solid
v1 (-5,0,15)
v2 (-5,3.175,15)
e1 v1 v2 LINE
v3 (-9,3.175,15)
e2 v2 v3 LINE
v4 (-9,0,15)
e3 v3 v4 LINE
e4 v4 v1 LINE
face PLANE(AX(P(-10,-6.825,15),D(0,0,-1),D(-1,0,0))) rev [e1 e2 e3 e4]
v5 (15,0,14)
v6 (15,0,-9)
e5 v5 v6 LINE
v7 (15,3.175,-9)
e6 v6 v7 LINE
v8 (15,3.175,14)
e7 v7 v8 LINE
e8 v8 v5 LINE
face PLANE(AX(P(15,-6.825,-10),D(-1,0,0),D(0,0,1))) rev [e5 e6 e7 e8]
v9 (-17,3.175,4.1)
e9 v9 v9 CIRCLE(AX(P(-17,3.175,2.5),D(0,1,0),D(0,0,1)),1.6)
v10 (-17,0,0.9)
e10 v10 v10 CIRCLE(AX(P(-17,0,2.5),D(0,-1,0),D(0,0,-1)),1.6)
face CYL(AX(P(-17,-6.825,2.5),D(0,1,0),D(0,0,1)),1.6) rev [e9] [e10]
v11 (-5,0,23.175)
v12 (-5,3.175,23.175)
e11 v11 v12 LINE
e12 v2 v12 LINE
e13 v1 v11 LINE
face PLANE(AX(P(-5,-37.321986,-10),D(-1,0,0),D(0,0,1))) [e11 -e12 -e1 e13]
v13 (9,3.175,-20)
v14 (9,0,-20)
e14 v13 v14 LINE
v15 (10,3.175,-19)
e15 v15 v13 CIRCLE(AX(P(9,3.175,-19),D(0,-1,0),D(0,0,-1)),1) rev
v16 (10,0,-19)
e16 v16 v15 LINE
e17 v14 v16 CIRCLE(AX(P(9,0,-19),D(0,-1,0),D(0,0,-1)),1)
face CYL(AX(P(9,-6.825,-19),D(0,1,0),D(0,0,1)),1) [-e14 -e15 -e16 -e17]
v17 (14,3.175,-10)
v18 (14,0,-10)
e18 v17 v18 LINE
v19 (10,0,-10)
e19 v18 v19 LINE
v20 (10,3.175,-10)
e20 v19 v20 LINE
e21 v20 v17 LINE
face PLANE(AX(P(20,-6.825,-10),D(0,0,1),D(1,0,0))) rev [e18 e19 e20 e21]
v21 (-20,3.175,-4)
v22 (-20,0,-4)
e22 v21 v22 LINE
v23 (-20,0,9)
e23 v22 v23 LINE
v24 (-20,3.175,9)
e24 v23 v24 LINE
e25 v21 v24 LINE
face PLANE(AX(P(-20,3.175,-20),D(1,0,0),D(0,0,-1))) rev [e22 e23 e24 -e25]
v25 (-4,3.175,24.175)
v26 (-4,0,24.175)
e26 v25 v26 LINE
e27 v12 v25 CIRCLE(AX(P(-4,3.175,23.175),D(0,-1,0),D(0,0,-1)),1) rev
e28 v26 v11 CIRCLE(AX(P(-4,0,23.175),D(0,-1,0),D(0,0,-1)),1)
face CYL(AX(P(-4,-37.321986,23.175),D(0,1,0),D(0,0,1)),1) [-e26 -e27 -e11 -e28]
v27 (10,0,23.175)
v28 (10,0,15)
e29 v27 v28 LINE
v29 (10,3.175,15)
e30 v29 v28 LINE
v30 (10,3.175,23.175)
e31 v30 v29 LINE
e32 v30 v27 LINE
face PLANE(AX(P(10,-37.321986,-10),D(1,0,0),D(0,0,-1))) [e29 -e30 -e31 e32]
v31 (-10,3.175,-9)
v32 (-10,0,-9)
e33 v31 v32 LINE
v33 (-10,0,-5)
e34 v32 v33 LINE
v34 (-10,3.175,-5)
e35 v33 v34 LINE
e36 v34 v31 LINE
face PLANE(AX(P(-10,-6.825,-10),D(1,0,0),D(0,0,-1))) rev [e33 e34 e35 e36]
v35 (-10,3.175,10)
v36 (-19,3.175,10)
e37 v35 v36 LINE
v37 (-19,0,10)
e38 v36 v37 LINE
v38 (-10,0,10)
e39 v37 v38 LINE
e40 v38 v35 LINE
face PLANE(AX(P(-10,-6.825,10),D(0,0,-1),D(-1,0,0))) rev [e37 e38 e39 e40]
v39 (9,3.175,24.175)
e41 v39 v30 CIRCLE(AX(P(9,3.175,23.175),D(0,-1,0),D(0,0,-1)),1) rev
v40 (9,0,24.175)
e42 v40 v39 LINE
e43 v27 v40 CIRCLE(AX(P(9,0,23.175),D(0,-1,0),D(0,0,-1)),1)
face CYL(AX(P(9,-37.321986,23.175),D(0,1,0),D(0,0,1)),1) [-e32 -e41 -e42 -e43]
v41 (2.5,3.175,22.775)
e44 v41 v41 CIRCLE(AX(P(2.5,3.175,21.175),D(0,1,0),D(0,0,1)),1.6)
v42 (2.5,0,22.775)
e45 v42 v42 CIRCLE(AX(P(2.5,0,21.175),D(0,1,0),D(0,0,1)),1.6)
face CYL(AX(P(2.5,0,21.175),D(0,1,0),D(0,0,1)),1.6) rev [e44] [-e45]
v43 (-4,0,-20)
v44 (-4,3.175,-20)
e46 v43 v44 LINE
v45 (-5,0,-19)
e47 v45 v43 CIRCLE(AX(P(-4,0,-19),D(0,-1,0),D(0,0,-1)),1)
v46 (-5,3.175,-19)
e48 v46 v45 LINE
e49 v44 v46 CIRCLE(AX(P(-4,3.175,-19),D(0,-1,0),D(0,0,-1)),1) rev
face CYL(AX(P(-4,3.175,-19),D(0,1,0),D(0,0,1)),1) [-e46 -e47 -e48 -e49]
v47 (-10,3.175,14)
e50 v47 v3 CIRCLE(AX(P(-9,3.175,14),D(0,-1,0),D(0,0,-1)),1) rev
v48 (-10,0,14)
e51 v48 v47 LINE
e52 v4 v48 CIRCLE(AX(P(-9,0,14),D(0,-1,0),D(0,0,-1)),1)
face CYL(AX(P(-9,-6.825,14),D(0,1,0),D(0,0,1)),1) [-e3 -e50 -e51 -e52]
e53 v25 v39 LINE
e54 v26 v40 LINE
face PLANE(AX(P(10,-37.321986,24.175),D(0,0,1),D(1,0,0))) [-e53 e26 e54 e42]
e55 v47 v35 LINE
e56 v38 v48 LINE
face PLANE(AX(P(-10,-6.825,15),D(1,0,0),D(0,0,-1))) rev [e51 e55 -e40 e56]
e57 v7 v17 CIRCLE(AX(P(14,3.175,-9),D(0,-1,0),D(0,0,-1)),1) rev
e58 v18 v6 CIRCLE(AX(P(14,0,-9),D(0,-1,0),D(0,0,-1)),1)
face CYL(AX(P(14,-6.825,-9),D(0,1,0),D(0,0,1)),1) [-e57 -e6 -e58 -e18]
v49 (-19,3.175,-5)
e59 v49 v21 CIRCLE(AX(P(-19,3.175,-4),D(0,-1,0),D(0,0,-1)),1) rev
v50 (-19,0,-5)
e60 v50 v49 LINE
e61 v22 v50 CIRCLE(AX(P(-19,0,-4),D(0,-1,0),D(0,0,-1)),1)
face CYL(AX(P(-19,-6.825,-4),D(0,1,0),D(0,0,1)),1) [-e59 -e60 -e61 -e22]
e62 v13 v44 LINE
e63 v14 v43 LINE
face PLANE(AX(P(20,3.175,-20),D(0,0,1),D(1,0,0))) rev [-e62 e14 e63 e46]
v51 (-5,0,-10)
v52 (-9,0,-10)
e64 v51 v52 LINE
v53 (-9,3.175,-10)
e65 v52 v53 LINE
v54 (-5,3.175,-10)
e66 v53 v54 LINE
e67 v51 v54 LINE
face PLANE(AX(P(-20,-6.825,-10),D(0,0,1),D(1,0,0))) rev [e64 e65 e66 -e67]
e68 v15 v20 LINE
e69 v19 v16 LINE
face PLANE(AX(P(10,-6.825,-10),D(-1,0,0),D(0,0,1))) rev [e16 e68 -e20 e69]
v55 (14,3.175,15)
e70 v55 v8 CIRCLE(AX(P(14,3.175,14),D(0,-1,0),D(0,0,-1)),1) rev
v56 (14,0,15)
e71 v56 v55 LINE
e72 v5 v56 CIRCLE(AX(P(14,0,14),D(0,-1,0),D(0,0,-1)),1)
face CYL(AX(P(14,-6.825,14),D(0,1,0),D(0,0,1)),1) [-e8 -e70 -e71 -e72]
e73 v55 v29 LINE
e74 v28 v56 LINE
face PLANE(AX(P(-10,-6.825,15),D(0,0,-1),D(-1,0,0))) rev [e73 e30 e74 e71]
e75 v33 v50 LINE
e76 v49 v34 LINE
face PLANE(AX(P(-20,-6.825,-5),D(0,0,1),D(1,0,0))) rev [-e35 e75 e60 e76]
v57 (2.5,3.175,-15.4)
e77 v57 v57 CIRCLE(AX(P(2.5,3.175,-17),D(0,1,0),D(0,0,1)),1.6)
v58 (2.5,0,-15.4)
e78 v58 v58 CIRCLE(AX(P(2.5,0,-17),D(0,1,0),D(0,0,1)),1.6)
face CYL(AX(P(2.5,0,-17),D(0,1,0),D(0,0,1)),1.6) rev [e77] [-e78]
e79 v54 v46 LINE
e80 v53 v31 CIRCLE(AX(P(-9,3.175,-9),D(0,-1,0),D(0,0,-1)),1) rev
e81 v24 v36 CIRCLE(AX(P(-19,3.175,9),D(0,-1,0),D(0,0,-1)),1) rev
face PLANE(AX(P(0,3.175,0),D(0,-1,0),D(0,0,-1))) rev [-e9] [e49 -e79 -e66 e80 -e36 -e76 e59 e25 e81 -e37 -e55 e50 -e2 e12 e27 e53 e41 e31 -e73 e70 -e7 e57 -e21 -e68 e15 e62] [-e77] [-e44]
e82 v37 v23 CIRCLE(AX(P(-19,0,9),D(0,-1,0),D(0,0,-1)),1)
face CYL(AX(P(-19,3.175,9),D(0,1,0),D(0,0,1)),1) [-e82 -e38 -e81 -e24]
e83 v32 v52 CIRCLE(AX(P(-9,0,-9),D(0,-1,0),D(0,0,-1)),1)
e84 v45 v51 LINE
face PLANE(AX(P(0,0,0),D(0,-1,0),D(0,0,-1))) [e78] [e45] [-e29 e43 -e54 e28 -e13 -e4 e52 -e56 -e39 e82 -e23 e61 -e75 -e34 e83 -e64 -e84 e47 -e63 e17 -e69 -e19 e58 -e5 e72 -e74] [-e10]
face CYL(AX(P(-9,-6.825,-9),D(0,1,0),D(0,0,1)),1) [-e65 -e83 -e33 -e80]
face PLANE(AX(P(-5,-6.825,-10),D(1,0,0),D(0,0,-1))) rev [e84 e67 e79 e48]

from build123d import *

# Parameters (mm, degrees)
SKETCH1_W           = 40
SKETCH1_H           = 40
BOSS_EXTRUDE1_DEPTH = 3.175
SKETCH3_W           = 15
SKETCH3_H           = 10
SKETCH3_W_2         = 10
CUT_EXTRUDE2_DEPTH  = 10
SKETCH4_R           = 1.6
CUT_EXTRUDE3_DEPTH  = 29.461915343
SKETCH5_W           = 10
SKETCH5_H           = 5
CUT_EXTRUDE4_DEPTH  = 10
SKETCH7_R           = 1.6
CUT_EXTRUDE6_DEPTH  = 10
SKETCH8_W           = 15
SKETCH8_H           = 34.175
BOSS_EXTRUDE2_DEPTH = 3.175
SKETCH9_R           = 1.6
CUT_EXTRUDE7_DEPTH  = 32.535872431
SKETCH10_W          = 5
SKETCH10_H          = 25
CUT_EXTRUDE8_DEPTH  = 10
FILLET1_R           = 1


with BuildPart() as part:
    # Sketch1 → Boss-Extrude1 (new body)
    with BuildSketch(Plane(origin=(0, 0, 0), x_dir=(1, 0, 0), z_dir=(0, 1, 0))):
        Rectangle(SKETCH1_W, SKETCH1_H)
    extrude(amount=BOSS_EXTRUDE1_DEPTH)

    # Sketch3 → Cut-Extrude2 (cut)
    with BuildSketch(Plane(origin=(0, 3.175, 0), x_dir=(1, 0, 0), z_dir=(0, 1, 0))):
        with Locations((-12.5, 15)):
            Rectangle(SKETCH3_W, SKETCH3_H)
        with Locations((15, 15)):
            Rectangle(SKETCH3_W_2, SKETCH3_H)
    extrude(amount=-CUT_EXTRUDE2_DEPTH, mode=Mode.SUBTRACT)

    # Sketch4 → Cut-Extrude3 (cut, through all)
    with BuildSketch(Plane(origin=(0, 3.175, 0), x_dir=(1, 0, 0), z_dir=(0, 1, 0))):
        with Locations(Location((2.5, 17, 0), (0, 0, 270))):
            Circle(SKETCH4_R)
    extrude(amount=-CUT_EXTRUDE3_DEPTH, mode=Mode.SUBTRACT)

    # Sketch5 → Cut-Extrude4 (cut)
    with BuildSketch(Plane(origin=(0, 3.175, 0), x_dir=(1, 0, 0), z_dir=(0, 1, 0))):
        with Locations((-15, 7.5)):
            Rectangle(SKETCH5_W, SKETCH5_H)
        Polygon((-10, -20), (-20, -20), (-20, -10), (-10, -10), (-10, -15), (20, -15), (20, -20), align=None)
    extrude(amount=-CUT_EXTRUDE4_DEPTH, mode=Mode.SUBTRACT)

    # Sketch7 → Cut-Extrude6 (cut)
    with BuildSketch(Plane(origin=(0, 3.175, 0), x_dir=(1, 0, 0), z_dir=(0, 1, 0))):
        with Locations(Location((-17, -2.5, 0), (0, 0, 270))):
            Circle(SKETCH7_R)
    extrude(amount=-CUT_EXTRUDE6_DEPTH, mode=Mode.SUBTRACT)

    # Sketch8 → Boss-Extrude2 (add)
    with BuildSketch(Plane(origin=(0, 3.175, 0), x_dir=(1, 0, 0), z_dir=(0, 1, 0))):
        with Locations((2.5, -7.0875)):
            Rectangle(SKETCH8_W, SKETCH8_H)
    extrude(amount=-BOSS_EXTRUDE2_DEPTH)

    # Sketch9 → Cut-Extrude7 (cut, through all)
    with BuildSketch(Plane(origin=(0, 3.175, 0), x_dir=(1, 0, 0), z_dir=(0, 1, 0))):
        with Locations(Location((2.5, -21.175, 0), (0, 0, 270))):
            Circle(SKETCH9_R)
    extrude(amount=-CUT_EXTRUDE7_DEPTH, mode=Mode.SUBTRACT)

    # Sketch10 → Cut-Extrude8 (cut)
    with BuildSketch(Plane(origin=(0, 3.175, 0), x_dir=(1, 0, 0), z_dir=(0, 1, 0))):
        with Locations((17.5, -2.5)):
            Rectangle(SKETCH10_W, SKETCH10_H)
    extrude(amount=-CUT_EXTRUDE8_DEPTH, mode=Mode.SUBTRACT)

    # Fillet1
    fillet1_edges = [part.edges().sort_by_distance(p)[0] for p in [
        (-5, 1.5875, 24.175),
        (10, 1.5875, 24.175),
        (15, 1.5875, 15),
        (15, 1.5875, -10),
        (-5, 1.5875, -20),
        (10, 1.5875, -20),
        (-10, 1.5875, -10),
        (-20, 1.5875, -5),
        (-20, 1.5875, 10),
        (-10, 1.5875, 15),
    ]]
    fillet(fillet1_edges, radius=FILLET1_R)


solid = part.part
